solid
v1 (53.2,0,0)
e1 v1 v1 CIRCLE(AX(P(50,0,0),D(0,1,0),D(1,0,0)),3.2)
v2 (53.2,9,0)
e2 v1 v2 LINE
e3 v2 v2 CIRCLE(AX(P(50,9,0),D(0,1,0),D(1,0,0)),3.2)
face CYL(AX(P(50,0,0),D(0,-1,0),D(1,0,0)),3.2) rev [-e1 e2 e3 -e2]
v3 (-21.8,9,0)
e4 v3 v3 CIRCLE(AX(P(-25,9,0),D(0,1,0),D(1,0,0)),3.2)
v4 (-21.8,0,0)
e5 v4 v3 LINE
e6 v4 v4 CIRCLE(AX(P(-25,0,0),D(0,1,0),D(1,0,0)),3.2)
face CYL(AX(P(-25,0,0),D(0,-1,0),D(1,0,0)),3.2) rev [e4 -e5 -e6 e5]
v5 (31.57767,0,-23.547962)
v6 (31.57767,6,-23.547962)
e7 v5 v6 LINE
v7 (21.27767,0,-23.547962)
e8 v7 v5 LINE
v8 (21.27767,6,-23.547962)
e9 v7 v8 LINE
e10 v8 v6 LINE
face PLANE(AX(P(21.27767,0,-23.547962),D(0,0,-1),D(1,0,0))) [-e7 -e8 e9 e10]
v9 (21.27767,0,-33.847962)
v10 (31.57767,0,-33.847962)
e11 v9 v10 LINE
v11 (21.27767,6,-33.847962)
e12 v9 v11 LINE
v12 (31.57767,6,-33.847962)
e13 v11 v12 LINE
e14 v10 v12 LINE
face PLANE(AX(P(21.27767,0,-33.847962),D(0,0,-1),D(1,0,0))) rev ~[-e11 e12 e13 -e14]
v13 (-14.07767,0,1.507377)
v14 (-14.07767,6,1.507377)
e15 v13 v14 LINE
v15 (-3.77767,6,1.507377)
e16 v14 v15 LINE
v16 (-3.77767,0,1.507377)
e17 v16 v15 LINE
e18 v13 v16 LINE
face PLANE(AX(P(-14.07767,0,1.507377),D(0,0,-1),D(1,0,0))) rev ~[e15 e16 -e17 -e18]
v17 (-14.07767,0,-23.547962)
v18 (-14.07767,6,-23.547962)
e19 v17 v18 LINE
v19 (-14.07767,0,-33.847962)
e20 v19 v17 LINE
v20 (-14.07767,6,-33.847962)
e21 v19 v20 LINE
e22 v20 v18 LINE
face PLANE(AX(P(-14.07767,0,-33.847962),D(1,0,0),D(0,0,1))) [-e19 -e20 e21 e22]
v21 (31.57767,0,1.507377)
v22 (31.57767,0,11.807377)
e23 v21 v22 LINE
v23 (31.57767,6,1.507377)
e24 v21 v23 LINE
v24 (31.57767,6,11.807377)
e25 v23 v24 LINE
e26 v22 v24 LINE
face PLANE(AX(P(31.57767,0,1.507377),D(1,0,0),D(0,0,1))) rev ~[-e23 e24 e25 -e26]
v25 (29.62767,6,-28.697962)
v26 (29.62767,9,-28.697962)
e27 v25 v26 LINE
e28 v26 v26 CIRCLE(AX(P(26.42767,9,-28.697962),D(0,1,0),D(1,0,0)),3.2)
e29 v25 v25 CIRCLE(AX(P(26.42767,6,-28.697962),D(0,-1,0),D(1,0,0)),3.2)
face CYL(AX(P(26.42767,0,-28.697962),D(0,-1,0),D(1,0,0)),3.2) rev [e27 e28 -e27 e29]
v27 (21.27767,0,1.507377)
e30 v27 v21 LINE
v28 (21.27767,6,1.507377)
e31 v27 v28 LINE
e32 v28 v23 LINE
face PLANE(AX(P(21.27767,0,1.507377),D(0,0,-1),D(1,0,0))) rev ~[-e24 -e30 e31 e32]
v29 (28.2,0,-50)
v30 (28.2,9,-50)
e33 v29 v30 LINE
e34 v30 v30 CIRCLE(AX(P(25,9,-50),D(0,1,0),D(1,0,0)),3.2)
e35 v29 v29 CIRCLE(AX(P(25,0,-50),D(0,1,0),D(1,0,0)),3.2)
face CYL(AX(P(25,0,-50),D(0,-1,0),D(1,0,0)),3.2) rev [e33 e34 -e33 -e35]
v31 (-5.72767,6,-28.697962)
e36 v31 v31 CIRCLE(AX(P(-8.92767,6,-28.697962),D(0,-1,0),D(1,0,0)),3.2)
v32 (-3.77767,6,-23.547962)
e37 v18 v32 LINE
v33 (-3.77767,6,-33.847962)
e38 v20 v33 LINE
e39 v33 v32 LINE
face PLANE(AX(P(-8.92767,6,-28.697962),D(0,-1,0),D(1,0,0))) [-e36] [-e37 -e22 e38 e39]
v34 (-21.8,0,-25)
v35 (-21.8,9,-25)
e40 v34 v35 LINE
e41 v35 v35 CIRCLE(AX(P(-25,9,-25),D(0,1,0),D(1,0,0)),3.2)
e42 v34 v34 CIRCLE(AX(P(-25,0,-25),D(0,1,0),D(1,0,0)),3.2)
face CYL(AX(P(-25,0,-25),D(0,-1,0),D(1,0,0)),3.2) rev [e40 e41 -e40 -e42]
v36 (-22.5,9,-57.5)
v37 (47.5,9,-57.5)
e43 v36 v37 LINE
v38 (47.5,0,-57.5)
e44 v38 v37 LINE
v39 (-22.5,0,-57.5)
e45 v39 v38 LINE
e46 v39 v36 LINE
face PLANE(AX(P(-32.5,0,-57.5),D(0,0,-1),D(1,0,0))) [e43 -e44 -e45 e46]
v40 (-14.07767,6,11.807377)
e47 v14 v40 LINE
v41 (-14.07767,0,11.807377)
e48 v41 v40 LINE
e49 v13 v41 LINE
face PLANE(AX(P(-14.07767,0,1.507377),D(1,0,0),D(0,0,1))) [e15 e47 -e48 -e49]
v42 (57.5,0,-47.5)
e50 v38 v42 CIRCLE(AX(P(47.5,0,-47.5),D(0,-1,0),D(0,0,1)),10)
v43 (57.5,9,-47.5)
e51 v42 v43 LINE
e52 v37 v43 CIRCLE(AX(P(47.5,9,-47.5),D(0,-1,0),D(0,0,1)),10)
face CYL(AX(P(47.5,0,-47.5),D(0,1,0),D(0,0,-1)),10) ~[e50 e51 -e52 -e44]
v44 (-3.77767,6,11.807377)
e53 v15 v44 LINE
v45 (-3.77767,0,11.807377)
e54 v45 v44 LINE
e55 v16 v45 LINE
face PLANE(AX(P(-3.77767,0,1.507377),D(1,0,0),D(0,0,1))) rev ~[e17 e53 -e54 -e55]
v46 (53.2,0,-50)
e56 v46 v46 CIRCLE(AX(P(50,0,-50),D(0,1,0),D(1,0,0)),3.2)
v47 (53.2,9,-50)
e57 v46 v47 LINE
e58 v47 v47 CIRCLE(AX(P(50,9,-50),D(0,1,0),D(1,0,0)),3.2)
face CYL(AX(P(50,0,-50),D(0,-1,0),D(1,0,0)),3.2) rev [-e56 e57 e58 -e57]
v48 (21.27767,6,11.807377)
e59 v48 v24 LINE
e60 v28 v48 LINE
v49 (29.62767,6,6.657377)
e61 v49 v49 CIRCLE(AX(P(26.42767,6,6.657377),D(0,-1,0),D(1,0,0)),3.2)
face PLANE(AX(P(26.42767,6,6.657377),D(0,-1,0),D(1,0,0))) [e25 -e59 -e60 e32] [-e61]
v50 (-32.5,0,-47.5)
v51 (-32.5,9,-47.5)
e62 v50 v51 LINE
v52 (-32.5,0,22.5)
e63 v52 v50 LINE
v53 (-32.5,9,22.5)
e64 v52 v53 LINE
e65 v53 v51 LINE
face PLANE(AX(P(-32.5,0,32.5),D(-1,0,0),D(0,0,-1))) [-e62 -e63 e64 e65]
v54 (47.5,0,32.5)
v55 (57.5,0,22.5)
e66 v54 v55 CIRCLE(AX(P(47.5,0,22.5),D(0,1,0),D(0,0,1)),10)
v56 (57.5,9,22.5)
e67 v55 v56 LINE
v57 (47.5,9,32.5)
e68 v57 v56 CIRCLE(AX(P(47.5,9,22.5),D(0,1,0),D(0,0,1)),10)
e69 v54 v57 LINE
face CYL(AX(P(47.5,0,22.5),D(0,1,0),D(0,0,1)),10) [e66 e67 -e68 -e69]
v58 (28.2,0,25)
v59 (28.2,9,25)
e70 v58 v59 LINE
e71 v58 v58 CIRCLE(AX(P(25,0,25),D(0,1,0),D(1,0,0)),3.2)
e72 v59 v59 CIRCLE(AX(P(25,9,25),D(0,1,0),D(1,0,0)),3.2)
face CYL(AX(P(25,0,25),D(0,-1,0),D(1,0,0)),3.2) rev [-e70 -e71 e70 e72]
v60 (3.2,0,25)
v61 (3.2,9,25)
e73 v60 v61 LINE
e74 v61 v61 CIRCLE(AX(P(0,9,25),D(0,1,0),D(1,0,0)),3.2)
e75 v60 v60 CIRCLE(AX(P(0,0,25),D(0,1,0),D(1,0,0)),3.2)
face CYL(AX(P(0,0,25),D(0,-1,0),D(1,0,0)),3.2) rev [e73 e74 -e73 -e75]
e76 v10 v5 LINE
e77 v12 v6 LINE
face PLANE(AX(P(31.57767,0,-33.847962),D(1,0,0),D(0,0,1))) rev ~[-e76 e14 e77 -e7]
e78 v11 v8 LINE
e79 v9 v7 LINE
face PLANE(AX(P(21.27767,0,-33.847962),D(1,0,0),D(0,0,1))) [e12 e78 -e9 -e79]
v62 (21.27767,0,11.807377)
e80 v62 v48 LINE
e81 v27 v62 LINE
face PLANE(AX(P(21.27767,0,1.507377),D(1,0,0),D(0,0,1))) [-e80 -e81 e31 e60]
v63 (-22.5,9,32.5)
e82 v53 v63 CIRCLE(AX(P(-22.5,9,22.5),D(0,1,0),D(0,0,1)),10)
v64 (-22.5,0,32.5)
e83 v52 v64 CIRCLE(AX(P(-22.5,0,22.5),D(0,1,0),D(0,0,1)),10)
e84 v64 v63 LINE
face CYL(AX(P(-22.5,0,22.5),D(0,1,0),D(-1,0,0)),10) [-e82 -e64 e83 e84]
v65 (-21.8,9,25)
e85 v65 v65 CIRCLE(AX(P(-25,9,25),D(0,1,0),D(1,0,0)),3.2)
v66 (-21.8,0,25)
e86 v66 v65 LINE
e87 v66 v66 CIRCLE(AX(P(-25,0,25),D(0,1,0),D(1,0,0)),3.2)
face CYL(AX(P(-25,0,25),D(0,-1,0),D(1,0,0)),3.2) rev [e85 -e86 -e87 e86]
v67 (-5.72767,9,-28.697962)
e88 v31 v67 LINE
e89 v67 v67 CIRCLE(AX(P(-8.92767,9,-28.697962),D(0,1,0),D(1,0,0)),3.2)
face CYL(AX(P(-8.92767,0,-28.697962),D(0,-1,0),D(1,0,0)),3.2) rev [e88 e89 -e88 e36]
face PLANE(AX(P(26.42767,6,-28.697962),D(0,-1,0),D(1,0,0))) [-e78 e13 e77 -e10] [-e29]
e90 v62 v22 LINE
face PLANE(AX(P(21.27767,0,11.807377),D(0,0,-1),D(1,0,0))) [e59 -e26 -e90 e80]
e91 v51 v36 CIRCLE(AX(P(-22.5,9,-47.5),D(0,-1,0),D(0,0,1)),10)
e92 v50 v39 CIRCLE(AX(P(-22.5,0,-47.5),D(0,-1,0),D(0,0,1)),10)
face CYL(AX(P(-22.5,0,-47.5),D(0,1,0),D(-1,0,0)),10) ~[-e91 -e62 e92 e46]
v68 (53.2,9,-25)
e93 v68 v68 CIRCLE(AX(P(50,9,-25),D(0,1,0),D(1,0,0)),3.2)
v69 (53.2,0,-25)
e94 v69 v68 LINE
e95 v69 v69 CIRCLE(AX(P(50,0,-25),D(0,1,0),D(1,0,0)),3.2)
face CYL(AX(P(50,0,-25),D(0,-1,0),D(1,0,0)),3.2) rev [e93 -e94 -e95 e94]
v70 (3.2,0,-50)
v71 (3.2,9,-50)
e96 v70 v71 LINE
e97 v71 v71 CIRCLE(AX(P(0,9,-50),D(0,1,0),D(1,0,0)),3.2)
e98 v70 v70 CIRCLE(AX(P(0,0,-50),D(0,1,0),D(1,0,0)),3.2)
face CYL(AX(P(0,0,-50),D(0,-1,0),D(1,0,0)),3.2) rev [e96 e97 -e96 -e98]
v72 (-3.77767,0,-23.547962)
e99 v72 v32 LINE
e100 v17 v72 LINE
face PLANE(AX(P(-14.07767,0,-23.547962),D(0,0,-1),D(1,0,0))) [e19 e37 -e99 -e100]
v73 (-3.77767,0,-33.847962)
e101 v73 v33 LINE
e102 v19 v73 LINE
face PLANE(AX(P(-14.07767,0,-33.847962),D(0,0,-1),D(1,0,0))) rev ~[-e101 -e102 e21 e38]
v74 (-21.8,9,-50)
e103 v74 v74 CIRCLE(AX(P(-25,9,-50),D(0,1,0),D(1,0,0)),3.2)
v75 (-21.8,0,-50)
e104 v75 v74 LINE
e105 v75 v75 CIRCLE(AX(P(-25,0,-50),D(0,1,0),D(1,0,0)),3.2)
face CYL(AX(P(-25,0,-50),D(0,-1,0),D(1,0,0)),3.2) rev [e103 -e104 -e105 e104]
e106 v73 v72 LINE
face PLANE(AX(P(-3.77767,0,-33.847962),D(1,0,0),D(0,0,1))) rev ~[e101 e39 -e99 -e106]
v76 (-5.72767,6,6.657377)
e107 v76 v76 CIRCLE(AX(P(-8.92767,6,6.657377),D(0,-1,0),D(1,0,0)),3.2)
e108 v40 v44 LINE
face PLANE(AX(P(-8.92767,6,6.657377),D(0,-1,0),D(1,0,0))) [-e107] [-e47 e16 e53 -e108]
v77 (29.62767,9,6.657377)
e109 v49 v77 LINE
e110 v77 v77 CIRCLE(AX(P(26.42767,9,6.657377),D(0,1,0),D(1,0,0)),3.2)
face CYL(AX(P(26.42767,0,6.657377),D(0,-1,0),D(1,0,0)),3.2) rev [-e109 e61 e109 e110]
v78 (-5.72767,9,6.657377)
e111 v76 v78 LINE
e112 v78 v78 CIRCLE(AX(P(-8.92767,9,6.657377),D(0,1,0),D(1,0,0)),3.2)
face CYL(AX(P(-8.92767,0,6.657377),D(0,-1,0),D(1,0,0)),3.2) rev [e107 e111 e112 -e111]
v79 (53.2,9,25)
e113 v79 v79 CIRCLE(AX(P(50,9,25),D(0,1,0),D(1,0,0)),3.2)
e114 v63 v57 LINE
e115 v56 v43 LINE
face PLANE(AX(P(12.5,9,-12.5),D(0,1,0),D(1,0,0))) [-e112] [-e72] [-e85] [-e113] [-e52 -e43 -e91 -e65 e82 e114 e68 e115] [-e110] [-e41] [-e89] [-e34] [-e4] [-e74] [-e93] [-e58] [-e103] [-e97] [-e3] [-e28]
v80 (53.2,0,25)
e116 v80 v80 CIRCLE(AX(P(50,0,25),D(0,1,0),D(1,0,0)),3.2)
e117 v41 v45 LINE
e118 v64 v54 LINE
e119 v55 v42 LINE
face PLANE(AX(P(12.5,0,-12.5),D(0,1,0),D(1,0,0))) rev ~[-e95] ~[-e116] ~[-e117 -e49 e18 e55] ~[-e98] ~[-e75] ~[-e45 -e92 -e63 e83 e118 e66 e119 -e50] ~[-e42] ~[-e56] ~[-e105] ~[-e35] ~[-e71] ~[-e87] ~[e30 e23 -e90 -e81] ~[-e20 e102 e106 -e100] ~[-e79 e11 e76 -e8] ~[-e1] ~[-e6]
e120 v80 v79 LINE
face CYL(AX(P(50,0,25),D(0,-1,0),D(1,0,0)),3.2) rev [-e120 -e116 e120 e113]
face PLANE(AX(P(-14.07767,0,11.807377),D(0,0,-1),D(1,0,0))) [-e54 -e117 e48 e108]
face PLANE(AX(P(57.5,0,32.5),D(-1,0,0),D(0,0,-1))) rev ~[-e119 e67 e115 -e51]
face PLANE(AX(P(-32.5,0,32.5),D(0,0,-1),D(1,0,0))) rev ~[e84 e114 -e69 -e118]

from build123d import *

# Parameters (mm, degrees)
SKETCH_1_W          = 90
SKETCH_1_H          = 90
SKETCH_1_R          = 3.2
EXTRUDE_1_DEPTH     = 9
SKETCH_2_W          = 10.3
SKETCH_2_H          = 10.3
CUT_EXTRUDE_1_DEPTH = 6
FILLET_1_R          = 10


with BuildPart() as part:
    # 스케치1 → 보스-돌출1 (new body)
    with BuildSketch(Plane(origin=(0, 0, 0), x_dir=(1, 0, 0), z_dir=(0, 1, 0))):
        with Locations((12.5, 12.5)):
            Rectangle(SKETCH_1_W, SKETCH_1_H)
        with Locations((-8.92766953, 28.6979618)):
            Circle(SKETCH_1_R, mode=Mode.SUBTRACT)
        with Locations((26.42766953, 28.6979618)):
            Circle(SKETCH_1_R, mode=Mode.SUBTRACT)
        with Locations((-8.92766953, -6.65737726)):
            Circle(SKETCH_1_R, mode=Mode.SUBTRACT)
        with Locations((26.42766953, -6.65737726)):
            Circle(SKETCH_1_R, mode=Mode.SUBTRACT)
        with Locations((25, -25)):
            Circle(SKETCH_1_R, mode=Mode.SUBTRACT)
        with Locations((50, 25)):
            Circle(SKETCH_1_R, mode=Mode.SUBTRACT)
        with Locations((50, -25)):
            Circle(SKETCH_1_R, mode=Mode.SUBTRACT)
        with Locations((0, -25)):
            Circle(SKETCH_1_R, mode=Mode.SUBTRACT)
        with Locations((50, 50)):
            Circle(SKETCH_1_R, mode=Mode.SUBTRACT)
        with Locations((-25, 50)):
            Circle(SKETCH_1_R, mode=Mode.SUBTRACT)
        with Locations((-25, -25)):
            Circle(SKETCH_1_R, mode=Mode.SUBTRACT)
        with Locations((-25, 25)):
            Circle(SKETCH_1_R, mode=Mode.SUBTRACT)
        with Locations((-25, 0)):
            Circle(SKETCH_1_R, mode=Mode.SUBTRACT)
        with Locations((50, 0)):
            Circle(SKETCH_1_R, mode=Mode.SUBTRACT)
        with Locations((25, 50)):
            Circle(SKETCH_1_R, mode=Mode.SUBTRACT)
        with Locations((0, 50)):
            Circle(SKETCH_1_R, mode=Mode.SUBTRACT)
    extrude(amount=EXTRUDE_1_DEPTH)

    # 스케치2 → 컷-돌출1 (cut)
    with BuildSketch(Plane.XZ):
        with Locations((-8.92766953, 6.65737726)):
            Rectangle(SKETCH_2_W, SKETCH_2_H)
        with Locations((26.42766953, 6.65737726)):
            Rectangle(SKETCH_2_W, SKETCH_2_H)
        with Locations((26.42766953, -28.6979618)):
            Rectangle(SKETCH_2_W, SKETCH_2_H)
        with Locations((-8.92766953, -28.6979618)):
            Rectangle(SKETCH_2_W, SKETCH_2_H)
    extrude(amount=-CUT_EXTRUDE_1_DEPTH, mode=Mode.SUBTRACT)

    # 필렛1
    fillet_1_edges = [part.edges().sort_by_distance(p)[0] for p in [
        (-32.5, 4.5, 32.5),
        (-32.5, 4.5, -57.5),
        (57.5, 4.5, -57.5),
        (57.5, 4.5, 32.5),
    ]]
    fillet(fillet_1_edges, radius=FILLET_1_R)


solid = part.part
